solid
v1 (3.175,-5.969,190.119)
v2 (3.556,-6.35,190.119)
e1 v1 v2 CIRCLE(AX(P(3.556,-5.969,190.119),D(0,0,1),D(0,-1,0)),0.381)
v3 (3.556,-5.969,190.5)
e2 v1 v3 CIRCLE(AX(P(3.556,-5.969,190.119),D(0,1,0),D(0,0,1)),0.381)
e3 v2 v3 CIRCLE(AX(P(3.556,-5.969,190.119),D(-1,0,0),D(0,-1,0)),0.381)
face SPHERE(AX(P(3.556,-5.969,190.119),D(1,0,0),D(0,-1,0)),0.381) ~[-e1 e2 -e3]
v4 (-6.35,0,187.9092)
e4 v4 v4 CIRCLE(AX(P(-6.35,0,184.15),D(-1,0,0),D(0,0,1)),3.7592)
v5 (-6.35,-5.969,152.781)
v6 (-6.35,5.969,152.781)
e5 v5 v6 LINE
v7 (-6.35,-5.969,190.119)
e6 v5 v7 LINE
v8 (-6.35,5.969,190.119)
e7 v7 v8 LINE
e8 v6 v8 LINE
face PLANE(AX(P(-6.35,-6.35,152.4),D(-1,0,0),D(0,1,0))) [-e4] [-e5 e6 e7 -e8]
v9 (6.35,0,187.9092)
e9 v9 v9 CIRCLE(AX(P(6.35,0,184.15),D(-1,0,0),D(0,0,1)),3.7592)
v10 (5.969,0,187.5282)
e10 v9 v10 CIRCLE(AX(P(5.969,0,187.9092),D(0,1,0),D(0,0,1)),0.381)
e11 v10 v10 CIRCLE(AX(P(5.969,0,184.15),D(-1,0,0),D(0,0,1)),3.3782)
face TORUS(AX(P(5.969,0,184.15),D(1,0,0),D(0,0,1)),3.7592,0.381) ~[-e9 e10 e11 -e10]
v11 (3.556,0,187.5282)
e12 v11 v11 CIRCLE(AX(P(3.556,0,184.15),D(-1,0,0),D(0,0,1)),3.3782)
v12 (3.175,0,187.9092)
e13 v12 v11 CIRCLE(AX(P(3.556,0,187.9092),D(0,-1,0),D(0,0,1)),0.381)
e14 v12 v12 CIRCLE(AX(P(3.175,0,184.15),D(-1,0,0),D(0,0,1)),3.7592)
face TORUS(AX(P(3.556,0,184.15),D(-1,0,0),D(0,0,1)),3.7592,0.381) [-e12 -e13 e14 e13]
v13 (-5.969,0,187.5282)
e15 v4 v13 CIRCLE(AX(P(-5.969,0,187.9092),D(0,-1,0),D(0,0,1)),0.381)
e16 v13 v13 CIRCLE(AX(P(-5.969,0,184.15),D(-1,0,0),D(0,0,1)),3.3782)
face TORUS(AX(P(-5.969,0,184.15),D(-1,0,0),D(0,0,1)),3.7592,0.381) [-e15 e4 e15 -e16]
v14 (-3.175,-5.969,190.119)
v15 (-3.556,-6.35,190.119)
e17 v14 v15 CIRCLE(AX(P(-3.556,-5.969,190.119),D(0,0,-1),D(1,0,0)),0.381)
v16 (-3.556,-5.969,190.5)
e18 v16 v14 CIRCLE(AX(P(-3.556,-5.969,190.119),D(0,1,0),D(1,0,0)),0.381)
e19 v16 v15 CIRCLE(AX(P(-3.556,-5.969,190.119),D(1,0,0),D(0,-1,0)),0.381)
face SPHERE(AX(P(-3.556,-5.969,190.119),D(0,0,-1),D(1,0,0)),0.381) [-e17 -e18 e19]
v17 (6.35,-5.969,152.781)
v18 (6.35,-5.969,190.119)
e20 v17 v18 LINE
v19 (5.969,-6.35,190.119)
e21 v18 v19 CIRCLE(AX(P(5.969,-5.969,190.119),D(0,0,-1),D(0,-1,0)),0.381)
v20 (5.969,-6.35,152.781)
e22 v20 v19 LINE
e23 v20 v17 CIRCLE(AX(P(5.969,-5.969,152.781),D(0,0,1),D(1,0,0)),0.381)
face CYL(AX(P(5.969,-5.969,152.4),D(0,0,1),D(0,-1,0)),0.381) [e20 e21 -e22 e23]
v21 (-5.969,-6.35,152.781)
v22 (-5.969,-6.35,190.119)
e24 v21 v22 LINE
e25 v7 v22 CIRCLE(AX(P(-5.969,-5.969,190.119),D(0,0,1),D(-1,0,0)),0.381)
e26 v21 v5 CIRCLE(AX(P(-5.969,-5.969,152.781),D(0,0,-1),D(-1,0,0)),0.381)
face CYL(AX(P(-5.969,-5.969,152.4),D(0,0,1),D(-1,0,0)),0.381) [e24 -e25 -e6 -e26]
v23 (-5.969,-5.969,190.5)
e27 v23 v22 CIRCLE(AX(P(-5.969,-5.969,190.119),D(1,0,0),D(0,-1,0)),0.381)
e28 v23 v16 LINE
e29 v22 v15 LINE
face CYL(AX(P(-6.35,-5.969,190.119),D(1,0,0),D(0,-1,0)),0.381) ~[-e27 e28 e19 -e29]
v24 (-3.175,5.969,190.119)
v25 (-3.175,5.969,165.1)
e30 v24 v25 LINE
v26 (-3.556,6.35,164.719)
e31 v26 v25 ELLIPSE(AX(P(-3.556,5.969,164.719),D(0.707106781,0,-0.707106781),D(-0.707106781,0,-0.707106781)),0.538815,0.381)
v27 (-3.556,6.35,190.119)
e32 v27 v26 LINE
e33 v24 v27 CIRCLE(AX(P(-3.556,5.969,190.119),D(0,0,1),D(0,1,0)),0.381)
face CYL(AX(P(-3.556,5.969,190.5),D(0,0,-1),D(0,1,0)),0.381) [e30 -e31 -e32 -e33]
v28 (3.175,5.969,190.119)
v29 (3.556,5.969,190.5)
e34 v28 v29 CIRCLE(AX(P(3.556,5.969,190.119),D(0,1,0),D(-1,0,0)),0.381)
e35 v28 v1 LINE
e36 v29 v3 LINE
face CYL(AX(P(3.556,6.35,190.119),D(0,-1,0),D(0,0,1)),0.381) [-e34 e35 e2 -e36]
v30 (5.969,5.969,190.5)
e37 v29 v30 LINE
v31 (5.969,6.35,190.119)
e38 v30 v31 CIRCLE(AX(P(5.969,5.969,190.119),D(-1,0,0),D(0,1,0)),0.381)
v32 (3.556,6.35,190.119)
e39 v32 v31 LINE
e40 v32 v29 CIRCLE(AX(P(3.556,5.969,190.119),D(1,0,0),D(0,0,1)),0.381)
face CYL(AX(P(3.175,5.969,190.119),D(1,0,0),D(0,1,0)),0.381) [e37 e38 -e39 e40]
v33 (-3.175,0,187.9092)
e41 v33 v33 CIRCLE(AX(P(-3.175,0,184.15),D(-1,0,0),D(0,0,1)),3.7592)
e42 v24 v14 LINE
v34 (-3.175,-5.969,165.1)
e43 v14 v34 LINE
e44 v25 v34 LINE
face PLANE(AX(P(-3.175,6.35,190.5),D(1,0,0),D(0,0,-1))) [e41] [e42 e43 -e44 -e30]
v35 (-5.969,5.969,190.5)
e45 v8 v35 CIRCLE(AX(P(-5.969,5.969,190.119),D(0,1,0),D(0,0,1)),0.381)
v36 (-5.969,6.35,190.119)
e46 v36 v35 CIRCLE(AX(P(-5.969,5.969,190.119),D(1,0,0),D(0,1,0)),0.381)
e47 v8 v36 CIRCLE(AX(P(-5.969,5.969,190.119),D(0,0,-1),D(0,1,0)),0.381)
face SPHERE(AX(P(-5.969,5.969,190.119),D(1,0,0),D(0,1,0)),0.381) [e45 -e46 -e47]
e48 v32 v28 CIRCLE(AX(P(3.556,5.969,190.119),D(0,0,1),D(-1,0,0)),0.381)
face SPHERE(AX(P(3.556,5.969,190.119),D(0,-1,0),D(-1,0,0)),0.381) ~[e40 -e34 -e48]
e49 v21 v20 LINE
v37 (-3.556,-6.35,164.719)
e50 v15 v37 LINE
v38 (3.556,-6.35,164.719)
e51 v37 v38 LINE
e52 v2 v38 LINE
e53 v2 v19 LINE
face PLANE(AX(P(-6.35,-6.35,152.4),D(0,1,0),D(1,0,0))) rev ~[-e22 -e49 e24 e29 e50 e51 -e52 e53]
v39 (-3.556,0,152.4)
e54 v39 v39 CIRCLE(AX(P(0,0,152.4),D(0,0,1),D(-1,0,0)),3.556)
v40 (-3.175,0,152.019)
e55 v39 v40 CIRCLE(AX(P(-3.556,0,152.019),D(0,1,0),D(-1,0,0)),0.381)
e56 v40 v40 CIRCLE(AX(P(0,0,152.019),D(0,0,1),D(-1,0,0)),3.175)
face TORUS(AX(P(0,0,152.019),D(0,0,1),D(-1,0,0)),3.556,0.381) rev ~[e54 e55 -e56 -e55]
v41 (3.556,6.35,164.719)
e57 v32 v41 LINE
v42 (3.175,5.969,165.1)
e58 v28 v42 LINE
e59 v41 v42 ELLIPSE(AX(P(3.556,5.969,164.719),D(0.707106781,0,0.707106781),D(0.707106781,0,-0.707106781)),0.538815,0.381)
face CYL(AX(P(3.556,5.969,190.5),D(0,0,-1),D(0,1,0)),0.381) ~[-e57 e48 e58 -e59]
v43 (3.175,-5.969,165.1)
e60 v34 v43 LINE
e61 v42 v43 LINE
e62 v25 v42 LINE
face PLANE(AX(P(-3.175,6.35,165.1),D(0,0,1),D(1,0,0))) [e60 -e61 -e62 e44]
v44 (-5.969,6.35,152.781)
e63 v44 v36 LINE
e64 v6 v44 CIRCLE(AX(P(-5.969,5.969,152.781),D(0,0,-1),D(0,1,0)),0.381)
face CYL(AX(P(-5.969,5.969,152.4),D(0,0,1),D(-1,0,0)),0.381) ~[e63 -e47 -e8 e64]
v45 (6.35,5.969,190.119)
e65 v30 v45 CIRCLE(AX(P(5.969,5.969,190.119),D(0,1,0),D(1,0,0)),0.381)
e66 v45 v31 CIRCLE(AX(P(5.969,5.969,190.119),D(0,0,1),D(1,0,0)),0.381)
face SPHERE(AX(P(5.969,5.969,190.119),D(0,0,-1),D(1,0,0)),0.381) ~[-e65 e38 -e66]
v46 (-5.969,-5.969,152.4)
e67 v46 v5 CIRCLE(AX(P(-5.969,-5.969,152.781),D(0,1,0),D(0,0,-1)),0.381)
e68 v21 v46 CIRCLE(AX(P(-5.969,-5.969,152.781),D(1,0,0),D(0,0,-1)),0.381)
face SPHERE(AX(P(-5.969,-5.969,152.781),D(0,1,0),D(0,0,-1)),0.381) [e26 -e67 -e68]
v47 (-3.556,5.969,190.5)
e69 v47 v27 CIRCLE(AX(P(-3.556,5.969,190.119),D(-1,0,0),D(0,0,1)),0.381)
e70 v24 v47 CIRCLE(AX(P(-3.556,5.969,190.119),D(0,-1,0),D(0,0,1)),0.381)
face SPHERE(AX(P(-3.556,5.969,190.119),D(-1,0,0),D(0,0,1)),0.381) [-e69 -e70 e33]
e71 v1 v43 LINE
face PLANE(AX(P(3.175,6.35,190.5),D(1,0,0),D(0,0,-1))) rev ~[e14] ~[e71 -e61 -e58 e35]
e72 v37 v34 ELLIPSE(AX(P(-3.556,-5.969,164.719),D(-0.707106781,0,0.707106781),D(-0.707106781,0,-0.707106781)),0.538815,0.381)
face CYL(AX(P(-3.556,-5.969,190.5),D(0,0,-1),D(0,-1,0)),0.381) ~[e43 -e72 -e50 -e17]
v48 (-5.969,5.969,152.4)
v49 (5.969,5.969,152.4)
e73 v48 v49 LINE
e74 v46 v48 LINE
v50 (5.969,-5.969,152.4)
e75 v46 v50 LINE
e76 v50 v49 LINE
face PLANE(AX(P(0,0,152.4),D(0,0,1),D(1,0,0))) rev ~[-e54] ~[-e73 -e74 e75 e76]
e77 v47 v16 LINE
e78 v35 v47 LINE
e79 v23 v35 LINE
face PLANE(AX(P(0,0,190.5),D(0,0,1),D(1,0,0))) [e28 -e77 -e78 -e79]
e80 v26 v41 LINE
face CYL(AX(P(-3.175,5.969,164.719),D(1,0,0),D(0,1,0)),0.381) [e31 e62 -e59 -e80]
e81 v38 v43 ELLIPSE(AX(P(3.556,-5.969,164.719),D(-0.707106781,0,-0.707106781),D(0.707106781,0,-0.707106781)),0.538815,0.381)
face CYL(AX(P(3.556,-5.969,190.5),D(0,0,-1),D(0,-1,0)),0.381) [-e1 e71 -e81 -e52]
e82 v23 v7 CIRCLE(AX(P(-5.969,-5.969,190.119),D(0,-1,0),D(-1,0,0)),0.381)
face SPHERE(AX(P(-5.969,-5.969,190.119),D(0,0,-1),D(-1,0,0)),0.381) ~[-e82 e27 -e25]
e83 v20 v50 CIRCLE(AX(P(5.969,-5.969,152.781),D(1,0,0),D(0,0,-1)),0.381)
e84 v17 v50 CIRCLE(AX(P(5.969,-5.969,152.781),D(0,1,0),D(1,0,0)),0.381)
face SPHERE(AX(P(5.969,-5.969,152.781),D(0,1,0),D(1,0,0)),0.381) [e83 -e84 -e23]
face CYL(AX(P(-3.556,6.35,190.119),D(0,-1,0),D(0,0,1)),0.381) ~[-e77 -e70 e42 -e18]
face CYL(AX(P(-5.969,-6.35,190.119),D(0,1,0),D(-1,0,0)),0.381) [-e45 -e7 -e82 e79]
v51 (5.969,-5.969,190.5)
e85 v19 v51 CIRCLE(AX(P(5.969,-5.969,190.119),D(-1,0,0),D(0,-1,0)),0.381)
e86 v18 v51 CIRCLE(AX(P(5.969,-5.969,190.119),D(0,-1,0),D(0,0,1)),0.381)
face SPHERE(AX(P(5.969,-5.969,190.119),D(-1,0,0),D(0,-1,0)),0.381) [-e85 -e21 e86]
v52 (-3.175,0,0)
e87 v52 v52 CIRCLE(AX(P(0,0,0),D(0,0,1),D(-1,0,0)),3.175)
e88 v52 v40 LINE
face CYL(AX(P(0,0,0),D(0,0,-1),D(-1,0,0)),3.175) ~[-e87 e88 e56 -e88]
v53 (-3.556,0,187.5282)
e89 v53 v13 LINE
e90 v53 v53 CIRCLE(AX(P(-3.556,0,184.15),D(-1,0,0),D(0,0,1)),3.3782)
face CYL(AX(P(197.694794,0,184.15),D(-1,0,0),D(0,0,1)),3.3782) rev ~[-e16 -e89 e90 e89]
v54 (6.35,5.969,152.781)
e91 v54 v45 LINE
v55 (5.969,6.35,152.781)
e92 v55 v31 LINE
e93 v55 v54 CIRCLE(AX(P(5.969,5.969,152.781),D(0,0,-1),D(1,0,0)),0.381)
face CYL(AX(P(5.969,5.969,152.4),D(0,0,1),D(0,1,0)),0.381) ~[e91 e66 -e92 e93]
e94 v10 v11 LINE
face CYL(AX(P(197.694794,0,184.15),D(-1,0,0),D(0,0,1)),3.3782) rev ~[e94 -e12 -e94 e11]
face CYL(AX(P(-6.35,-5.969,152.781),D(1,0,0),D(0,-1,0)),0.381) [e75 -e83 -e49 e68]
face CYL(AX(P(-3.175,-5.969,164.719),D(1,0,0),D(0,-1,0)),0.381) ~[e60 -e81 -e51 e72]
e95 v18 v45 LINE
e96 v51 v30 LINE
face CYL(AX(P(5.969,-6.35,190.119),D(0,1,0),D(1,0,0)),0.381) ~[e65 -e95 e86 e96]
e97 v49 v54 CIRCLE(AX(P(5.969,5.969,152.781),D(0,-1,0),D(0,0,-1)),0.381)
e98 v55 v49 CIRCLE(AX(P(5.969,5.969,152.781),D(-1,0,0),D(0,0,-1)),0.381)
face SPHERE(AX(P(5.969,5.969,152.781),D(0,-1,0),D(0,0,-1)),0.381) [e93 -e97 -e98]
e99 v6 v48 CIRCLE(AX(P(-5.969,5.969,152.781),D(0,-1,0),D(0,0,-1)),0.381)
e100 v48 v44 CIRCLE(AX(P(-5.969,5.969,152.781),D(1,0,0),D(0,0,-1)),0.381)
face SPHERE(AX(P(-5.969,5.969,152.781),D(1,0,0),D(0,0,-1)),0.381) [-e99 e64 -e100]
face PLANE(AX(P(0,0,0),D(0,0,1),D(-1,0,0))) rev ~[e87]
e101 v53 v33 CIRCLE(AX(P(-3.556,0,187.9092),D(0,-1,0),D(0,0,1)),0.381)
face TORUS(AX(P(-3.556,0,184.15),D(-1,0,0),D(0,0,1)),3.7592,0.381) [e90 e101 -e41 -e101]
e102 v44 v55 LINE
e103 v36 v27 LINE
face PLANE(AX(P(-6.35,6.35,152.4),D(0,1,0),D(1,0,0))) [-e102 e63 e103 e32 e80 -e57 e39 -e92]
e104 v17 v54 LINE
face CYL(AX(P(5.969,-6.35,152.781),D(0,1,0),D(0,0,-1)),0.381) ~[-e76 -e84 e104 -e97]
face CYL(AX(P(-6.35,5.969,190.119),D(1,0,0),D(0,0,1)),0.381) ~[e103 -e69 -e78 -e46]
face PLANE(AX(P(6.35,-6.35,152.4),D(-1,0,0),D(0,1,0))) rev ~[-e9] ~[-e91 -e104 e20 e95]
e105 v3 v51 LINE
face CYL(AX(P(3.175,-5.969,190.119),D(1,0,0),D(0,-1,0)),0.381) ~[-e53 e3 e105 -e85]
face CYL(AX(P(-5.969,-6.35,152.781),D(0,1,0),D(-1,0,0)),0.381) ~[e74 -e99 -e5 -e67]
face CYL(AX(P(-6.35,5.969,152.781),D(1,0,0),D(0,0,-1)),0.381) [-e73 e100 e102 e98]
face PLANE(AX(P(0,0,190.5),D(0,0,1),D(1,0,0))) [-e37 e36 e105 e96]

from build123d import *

# Parameters (mm, degrees)
SKETCH1_R               = 3.175
EXTRUDE1_DEPTH          = 152.4
SKETCH2_W               = 12.7
SKETCH2_H               = 12.7
EXTRUDE2_DEPTH          = 38.1
SKETCH3_W               = 6.35
SKETCH3_H               = 25.4
EXTRUDE3_DEPTH          = 192.028433747
F_1_4_CLEARANCE_HOLE1_D = 6.7564
FILLET1_R               = 0.381


with BuildPart() as part:
    # Sketch1 → Extrude1 (new body)
    with BuildSketch(Plane.XY):
        with Locations(Location((0, 0, 0), (0, 0, 180))):
            Circle(SKETCH1_R)
    extrude(amount=EXTRUDE1_DEPTH)

    # Sketch2 → Extrude2 (add)
    with BuildSketch(Plane.XY.offset(152.4)):
        Rectangle(SKETCH2_W, SKETCH2_H)
    extrude(amount=EXTRUDE2_DEPTH)

    # Sketch3 → Extrude3 (cut, through all)
    with BuildSketch(Plane(origin=(0, 6.35, 0), x_dir=(1, 0, 0), z_dir=(0, 1, 0))):
        with Locations((0, -177.8)):
            Rectangle(SKETCH3_W, SKETCH3_H)
    extrude(amount=-EXTRUDE3_DEPTH, mode=Mode.SUBTRACT)

    # 1/4 Clearance Hole1 (through all)
    with Locations(Plane(origin=(6.35, 0, 0), x_dir=(0, 0, -1), z_dir=(1, 0, 0))):
        with Locations((-184.15, 0)):
            Hole(F_1_4_CLEARANCE_HOLE1_D / 2)

    # Fillet1
    fillet1_edges = [part.edges().sort_by_distance(p)[0] for p in [
        (-4.7625, 6.35, 190.5),
        (4.7625, -6.35, 190.5),
        (-3.175, -6.35, 177.8),
        (-3.175, 0, 190.5),
        (0, -6.35, 165.1),
        (3.175, -6.35, 177.8),
        (3.175, 0, 190.5),
        (-3.175, 6.35, 177.8),
        (3.175, 6.35, 177.8),
        (0, 6.35, 165.1),
        (-6.35, 0, 180.7718),
        (-3.175, 0, 180.7718),
        (3.175, 0, 180.7718),
        (6.35, 0, 180.7718),
        (3.175, 0, 152.4),
        (6.35, 0, 152.4),
        (6.35, -6.35, 171.45),
        (0, 6.35, 152.4),
        (6.35, 6.35, 171.45),
        (-6.35, 0, 152.4),
        (-6.35, 6.35, 171.45),
        (0, -6.35, 152.4),
        (-6.35, -6.35, 171.45),
        (6.35, 0, 190.5),
        (4.7625, 6.35, 190.5),
        (-6.35, 0, 190.5),
        (-4.7625, -6.35, 190.5),
    ]]
    fillet(fillet1_edges, radius=FILLET1_R)


solid = part.part
